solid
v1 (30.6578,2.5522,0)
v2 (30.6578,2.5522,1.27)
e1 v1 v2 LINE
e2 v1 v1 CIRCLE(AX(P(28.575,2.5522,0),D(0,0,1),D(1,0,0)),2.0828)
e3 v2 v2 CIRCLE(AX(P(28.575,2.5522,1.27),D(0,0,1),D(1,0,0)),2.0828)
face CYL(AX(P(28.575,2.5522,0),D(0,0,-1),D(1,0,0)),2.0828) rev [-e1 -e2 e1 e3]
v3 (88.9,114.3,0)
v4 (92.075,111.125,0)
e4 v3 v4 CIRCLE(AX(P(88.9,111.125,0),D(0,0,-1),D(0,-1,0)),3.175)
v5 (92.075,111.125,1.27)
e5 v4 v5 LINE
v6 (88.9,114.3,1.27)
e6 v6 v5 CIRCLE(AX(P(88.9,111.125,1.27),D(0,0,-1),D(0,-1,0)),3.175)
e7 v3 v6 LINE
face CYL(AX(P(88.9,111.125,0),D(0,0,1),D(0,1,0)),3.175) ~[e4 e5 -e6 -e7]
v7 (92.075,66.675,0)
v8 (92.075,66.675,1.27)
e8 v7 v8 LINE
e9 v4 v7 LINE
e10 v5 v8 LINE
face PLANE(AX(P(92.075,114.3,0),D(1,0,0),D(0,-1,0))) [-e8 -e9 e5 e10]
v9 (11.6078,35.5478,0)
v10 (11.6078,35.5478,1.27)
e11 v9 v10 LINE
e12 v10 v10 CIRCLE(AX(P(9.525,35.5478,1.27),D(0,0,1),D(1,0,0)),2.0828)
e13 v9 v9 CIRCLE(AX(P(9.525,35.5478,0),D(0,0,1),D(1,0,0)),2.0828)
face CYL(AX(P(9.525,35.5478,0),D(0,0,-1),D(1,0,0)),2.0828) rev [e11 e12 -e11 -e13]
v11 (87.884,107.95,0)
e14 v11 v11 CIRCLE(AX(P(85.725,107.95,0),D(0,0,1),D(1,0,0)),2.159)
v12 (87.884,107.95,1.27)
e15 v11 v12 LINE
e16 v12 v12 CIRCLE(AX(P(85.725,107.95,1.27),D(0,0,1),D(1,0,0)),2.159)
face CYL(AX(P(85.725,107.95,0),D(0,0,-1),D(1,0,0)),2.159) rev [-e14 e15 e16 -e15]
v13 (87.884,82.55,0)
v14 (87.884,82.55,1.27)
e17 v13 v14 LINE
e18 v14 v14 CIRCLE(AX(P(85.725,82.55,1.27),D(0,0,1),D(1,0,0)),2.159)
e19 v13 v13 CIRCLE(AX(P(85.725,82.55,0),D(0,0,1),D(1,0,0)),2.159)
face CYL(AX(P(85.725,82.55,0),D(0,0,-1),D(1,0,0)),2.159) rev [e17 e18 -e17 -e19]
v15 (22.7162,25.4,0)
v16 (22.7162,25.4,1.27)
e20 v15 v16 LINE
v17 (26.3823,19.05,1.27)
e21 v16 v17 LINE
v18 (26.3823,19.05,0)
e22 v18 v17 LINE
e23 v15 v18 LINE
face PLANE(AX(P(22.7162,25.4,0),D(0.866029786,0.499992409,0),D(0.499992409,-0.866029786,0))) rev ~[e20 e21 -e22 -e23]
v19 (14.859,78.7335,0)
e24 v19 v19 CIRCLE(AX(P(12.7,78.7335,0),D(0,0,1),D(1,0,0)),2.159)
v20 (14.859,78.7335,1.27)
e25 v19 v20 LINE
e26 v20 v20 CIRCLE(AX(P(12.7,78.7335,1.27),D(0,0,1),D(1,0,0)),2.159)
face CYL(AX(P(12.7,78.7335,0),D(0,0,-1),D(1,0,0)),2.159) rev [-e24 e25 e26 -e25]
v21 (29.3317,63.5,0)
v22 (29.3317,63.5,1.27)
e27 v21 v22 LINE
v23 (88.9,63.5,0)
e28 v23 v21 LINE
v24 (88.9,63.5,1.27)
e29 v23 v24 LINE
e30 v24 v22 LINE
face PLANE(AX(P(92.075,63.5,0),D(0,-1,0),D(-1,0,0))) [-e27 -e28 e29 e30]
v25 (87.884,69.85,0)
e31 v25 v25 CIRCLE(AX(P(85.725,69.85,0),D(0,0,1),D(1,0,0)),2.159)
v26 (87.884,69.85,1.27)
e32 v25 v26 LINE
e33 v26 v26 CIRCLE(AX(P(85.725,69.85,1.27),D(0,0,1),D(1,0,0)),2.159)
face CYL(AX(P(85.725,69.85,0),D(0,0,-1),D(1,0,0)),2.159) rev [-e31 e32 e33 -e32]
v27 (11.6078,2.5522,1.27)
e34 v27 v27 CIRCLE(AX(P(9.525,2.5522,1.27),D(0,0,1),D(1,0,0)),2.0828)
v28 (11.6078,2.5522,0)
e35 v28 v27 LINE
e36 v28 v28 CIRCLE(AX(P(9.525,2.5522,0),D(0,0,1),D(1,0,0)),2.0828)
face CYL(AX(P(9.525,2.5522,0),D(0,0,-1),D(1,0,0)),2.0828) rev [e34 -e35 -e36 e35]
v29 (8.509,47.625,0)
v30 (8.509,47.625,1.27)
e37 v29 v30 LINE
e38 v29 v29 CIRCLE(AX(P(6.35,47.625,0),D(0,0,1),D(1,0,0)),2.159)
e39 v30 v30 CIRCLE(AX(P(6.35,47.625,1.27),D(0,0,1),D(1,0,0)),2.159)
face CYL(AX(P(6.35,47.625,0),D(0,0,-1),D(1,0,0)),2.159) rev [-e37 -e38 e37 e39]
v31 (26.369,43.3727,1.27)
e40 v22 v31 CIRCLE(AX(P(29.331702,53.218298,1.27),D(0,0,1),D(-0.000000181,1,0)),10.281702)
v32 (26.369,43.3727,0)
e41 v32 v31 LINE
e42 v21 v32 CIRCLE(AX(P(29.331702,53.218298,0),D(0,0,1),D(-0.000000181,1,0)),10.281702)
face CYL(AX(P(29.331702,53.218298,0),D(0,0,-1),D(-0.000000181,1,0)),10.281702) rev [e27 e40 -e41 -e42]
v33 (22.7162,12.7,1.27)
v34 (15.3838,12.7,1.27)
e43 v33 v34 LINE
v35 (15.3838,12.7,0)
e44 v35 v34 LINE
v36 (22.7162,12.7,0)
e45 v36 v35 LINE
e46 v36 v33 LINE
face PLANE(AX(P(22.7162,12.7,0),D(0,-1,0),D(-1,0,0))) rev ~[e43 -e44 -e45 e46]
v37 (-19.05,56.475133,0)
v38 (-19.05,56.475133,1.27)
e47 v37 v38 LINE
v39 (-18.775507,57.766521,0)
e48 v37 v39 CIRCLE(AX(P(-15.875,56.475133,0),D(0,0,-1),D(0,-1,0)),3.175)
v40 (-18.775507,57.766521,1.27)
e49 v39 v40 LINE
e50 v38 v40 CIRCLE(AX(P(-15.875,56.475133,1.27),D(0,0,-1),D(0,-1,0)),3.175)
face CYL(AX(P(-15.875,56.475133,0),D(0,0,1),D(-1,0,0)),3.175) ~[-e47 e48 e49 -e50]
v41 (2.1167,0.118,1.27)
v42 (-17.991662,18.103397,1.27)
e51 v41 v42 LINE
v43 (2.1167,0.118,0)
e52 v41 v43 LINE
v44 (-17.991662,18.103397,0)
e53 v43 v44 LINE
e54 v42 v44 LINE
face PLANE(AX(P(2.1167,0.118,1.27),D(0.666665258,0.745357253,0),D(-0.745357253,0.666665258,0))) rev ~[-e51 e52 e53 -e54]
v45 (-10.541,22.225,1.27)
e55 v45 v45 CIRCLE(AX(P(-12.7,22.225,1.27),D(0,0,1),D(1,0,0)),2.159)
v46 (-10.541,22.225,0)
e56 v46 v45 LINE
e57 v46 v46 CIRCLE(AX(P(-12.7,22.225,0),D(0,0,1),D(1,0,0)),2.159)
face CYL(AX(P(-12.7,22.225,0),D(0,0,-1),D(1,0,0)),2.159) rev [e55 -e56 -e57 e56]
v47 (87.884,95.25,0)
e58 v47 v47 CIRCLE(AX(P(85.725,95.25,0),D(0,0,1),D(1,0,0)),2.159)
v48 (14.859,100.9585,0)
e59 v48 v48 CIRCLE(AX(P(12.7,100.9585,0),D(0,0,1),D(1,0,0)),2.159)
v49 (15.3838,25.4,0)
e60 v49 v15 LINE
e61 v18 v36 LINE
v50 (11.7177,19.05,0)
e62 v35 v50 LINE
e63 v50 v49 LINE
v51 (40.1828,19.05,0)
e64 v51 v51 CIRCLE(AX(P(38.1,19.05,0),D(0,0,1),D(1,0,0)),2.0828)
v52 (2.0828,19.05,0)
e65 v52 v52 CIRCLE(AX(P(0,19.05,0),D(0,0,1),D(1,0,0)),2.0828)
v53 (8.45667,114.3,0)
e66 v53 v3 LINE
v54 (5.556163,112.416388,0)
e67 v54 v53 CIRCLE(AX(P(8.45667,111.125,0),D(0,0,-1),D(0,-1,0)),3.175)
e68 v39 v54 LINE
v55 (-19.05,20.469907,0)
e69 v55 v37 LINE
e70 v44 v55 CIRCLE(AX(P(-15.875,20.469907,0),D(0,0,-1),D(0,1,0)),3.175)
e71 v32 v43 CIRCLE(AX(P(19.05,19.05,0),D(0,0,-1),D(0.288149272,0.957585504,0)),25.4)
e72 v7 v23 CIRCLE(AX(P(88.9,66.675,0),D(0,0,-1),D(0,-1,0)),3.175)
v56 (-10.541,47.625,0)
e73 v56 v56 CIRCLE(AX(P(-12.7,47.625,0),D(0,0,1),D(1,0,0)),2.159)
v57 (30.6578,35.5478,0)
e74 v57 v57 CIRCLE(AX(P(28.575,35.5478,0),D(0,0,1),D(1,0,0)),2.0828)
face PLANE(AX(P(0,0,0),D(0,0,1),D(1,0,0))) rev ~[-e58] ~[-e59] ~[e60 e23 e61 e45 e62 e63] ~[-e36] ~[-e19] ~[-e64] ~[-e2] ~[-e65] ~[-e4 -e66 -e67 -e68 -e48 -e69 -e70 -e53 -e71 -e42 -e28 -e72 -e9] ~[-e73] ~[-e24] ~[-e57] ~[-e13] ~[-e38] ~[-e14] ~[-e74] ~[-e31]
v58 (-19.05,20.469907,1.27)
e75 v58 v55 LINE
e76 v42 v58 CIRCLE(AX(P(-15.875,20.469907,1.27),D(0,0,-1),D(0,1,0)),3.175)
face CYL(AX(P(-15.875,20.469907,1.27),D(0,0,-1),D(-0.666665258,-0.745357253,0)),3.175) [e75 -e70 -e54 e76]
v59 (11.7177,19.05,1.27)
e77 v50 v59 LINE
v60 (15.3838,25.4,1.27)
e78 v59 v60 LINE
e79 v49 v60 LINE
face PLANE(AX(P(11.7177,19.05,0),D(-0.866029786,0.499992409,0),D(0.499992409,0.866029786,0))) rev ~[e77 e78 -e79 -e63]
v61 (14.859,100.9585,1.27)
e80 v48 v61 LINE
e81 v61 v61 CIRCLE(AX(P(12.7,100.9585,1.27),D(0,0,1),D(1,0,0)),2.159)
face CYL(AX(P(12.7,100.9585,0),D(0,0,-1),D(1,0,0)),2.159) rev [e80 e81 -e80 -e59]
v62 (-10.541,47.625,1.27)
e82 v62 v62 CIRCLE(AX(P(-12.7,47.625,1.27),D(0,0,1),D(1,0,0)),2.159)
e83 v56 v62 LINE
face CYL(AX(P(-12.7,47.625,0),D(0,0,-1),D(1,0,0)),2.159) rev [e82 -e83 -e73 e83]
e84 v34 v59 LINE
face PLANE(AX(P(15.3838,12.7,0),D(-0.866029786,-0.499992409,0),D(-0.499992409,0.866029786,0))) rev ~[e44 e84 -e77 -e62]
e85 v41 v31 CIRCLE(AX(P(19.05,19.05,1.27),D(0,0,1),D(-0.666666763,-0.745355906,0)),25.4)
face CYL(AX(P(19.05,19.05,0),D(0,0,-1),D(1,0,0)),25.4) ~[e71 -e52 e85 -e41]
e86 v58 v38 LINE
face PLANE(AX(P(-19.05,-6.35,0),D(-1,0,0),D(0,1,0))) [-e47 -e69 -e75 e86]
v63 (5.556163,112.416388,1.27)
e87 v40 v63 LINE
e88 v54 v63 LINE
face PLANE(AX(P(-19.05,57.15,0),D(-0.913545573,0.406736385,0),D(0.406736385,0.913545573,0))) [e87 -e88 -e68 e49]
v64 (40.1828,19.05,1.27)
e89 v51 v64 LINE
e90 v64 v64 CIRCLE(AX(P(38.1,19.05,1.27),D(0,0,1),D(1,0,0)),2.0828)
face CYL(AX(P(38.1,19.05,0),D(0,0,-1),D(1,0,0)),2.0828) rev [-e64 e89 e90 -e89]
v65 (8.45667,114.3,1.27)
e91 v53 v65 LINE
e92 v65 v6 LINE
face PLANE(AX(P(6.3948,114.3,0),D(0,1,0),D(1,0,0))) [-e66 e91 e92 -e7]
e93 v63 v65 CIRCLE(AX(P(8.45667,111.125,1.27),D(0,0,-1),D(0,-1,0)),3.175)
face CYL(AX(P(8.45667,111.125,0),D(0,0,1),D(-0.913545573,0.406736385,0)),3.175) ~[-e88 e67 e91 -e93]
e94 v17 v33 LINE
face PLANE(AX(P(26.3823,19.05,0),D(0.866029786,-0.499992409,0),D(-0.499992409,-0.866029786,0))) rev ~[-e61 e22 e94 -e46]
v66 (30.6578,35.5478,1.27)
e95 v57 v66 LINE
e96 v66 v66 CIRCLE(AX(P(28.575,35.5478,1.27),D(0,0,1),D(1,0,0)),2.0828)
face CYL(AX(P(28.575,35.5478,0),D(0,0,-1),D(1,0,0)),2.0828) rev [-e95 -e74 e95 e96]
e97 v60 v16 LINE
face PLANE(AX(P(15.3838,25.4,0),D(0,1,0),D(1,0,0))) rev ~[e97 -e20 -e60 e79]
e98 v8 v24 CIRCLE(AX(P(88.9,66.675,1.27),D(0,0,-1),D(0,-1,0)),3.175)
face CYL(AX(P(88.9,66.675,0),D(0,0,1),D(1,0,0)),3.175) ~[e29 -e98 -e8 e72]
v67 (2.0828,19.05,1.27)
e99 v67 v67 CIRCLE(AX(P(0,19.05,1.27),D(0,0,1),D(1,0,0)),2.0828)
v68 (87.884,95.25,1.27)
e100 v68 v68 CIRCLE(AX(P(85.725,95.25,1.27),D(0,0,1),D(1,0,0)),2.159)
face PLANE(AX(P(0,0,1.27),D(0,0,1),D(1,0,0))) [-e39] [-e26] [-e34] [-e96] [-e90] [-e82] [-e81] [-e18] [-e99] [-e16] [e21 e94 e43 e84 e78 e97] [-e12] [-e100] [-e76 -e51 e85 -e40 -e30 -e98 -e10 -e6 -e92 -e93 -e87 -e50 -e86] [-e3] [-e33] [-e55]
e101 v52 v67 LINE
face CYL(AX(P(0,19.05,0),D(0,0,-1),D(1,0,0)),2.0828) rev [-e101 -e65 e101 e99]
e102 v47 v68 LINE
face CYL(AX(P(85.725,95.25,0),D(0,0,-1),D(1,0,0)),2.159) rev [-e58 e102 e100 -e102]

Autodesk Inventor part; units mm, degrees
ref_plane "YZ Plane" through (0, 0, 0) normal (1, 0, 0) x (0, 1, 0)
ref_plane "XZ Plane" through (0, 0, 0) normal (0, 1, 0) x (-1, 0, 0)
ref_plane "XY Plane" through (0, 0, 0) normal (0, 0, 1) x (1, 0, 0)
sketch "Sketch1" plane through (0, 0, 0) normal (0, 0, 1) x (1, 0, 0)
  circle A0 centre (19.05, 19.05) radius 7.9375
  line L0 (22.7162, 25.4) -> (26.3823, 19.05)
  line L1 (26.3823, 19.05) -> (22.7162, 12.7)
  line L2 (22.7162, 12.7) -> (15.3838, 12.7)
  line L3 (15.3838, 12.7) -> (11.7177, 19.05)
  line L4 (11.7177, 19.05) -> (15.3838, 25.4)
  line L5 (15.3838, 25.4) -> (22.7162, 25.4)
  circle A1 centre (0, 19.05) radius 2.0828
  line L6 (0, 19.05) -> (19.05, 19.05) construction
  circle A2 centre (9.525, 2.5522) radius 2.0828
  circle A3 centre (28.575, 2.5522) radius 2.0828
  circle A4 centre (38.1, 19.05) radius 2.0828
  circle A5 centre (28.575, 35.5478) radius 2.0828
  circle A6 centre (9.525, 35.5478) radius 2.0828
  circle A7 centre (19.05, 19.05) radius 25.4
  line L7 (19.05, -6.35) -> (-19.05, -6.35)
  line L8 (-19.05, -6.35) -> (-19.05, 57.15)
  line L9 (6.3948, 114.3) -> (92.075, 114.3)
  line L10 (92.075, 114.3) -> (92.075, 63.5)
  line L11 (92.075, 63.5) -> (29.3317, 63.5)
  line L12 (-121.3454, 55.7276) -> (199.3502, 55.7276) construction
  arc A8 (29.3317, 63.5) -> (26.369, 43.3727) centre (29.3317, 53.2183) ccw
  circle A9 centre (85.725, 69.85) radius 2.159
  circle A10 centre (85.725, 82.55) radius 2.159
  circle A11 centre (85.725, 95.25) radius 2.159
  circle A12 centre (85.725, 107.95) radius 2.159
  line L13 (29.3317, 53.2183) -> (19.05, 53.2183) construction
  line L14 (-19.05, 57.15) -> (6.3948, 114.3)
  circle A13 centre (-12.7, 47.625) radius 2.159
  circle A14 centre (6.35, 47.625) radius 2.159
  circle A15 centre (-12.7, 22.225) radius 2.159
  circle A16 centre (12.7, 78.7335) radius 2.159
  circle A17 centre (12.7, 100.9585) radius 2.159
  point P0 (0, 0)
  point P1 (19.05, 44.45)
  dimension "d7" = 15.875
  dimension "d8" = 12.7
  dimension "d23" = 4.1656
  dimension "d25" = 19.05
  dimension "d26" = 0
  dimension "d29" = 360
  dimension "d41" = 50.8
  dimension "d42" = 19.05
  dimension "d43" = 19.05
  dimension "d44" = 38.1
  dimension "d55" = 73.025
  dimension "d57" = 4.318
  dimension "d58" = 6.35
  dimension "d59" = 6.35
  dimension "d62" = 12.7
  dimension "d67" = 6.35
  dimension "d68" = 36.6776
  dimension "d69" = 50.8
  dimension "d70" = 38.1
  dimension "d71" = 114
  dimension "d72" = 57.15
  dimension "d76" = 56.3933
  dimension "d78" = 6.35
  dimension "d79" = 9.525
  dimension "d84" = 19.05
  dimension "d91" = 31.75
  dimension "d98" = 25.4
  dimension "d105" = 22.225
  dimension "d113" = 6.35
extrude "Extrusion1" add sketch "Sketch1" along normal blind 1.27 contours A0 | A7 | A7 L7 L8 L14 L9 L10 L11 A8
sketch "Sketch2" plane through (0, 0, 1.27) normal (0, 0, 1) x (1, 0, 0)
  line L0 (-19.05, -6.35) -> (19.05, -6.35) projected
  arc A0 (19.05, -6.35) -> (26.369, 43.3727) centre (19.05, 19.05) ccw projected
  line L1 (-19.05, 57.15) -> (-19.05, -6.35) projected
  circle A1 centre (19.05, 19.05) radius 25.4
  line L2 (2.1167, 0.118) -> (-19.05, 19.05)
  line L3 (-19.05, 19.05) -> (-19.05, -6.35)
  line L4 (-19.05, -6.35) -> (19.05, -6.35)
  arc A2 (2.1167, 0.118) -> (19.05, -6.35) centre (19.05, 19.05) ccw
  point P0 (-19.05, 56.4751)
  point P1 (0, 0)
  dimension "d110" = 25.4
extrude "Extrusion2" cut sketch "Sketch2" against normal blind 25.4 contours L1 L2 A1 L0
fillet "Fillet2" radius 3.175 5 edges at (6.3948, 114.3, 0.635) (-19.05, 57.15, 0.635) (-19.05, 19.05, 0.635) (92.075, 63.5, 0.635) (92.075, 114.3, 0.635)
equation "\"d67\" = d58"
properties part number "Sprng Steel Arm Mount" material "Steel AISI 1080"
